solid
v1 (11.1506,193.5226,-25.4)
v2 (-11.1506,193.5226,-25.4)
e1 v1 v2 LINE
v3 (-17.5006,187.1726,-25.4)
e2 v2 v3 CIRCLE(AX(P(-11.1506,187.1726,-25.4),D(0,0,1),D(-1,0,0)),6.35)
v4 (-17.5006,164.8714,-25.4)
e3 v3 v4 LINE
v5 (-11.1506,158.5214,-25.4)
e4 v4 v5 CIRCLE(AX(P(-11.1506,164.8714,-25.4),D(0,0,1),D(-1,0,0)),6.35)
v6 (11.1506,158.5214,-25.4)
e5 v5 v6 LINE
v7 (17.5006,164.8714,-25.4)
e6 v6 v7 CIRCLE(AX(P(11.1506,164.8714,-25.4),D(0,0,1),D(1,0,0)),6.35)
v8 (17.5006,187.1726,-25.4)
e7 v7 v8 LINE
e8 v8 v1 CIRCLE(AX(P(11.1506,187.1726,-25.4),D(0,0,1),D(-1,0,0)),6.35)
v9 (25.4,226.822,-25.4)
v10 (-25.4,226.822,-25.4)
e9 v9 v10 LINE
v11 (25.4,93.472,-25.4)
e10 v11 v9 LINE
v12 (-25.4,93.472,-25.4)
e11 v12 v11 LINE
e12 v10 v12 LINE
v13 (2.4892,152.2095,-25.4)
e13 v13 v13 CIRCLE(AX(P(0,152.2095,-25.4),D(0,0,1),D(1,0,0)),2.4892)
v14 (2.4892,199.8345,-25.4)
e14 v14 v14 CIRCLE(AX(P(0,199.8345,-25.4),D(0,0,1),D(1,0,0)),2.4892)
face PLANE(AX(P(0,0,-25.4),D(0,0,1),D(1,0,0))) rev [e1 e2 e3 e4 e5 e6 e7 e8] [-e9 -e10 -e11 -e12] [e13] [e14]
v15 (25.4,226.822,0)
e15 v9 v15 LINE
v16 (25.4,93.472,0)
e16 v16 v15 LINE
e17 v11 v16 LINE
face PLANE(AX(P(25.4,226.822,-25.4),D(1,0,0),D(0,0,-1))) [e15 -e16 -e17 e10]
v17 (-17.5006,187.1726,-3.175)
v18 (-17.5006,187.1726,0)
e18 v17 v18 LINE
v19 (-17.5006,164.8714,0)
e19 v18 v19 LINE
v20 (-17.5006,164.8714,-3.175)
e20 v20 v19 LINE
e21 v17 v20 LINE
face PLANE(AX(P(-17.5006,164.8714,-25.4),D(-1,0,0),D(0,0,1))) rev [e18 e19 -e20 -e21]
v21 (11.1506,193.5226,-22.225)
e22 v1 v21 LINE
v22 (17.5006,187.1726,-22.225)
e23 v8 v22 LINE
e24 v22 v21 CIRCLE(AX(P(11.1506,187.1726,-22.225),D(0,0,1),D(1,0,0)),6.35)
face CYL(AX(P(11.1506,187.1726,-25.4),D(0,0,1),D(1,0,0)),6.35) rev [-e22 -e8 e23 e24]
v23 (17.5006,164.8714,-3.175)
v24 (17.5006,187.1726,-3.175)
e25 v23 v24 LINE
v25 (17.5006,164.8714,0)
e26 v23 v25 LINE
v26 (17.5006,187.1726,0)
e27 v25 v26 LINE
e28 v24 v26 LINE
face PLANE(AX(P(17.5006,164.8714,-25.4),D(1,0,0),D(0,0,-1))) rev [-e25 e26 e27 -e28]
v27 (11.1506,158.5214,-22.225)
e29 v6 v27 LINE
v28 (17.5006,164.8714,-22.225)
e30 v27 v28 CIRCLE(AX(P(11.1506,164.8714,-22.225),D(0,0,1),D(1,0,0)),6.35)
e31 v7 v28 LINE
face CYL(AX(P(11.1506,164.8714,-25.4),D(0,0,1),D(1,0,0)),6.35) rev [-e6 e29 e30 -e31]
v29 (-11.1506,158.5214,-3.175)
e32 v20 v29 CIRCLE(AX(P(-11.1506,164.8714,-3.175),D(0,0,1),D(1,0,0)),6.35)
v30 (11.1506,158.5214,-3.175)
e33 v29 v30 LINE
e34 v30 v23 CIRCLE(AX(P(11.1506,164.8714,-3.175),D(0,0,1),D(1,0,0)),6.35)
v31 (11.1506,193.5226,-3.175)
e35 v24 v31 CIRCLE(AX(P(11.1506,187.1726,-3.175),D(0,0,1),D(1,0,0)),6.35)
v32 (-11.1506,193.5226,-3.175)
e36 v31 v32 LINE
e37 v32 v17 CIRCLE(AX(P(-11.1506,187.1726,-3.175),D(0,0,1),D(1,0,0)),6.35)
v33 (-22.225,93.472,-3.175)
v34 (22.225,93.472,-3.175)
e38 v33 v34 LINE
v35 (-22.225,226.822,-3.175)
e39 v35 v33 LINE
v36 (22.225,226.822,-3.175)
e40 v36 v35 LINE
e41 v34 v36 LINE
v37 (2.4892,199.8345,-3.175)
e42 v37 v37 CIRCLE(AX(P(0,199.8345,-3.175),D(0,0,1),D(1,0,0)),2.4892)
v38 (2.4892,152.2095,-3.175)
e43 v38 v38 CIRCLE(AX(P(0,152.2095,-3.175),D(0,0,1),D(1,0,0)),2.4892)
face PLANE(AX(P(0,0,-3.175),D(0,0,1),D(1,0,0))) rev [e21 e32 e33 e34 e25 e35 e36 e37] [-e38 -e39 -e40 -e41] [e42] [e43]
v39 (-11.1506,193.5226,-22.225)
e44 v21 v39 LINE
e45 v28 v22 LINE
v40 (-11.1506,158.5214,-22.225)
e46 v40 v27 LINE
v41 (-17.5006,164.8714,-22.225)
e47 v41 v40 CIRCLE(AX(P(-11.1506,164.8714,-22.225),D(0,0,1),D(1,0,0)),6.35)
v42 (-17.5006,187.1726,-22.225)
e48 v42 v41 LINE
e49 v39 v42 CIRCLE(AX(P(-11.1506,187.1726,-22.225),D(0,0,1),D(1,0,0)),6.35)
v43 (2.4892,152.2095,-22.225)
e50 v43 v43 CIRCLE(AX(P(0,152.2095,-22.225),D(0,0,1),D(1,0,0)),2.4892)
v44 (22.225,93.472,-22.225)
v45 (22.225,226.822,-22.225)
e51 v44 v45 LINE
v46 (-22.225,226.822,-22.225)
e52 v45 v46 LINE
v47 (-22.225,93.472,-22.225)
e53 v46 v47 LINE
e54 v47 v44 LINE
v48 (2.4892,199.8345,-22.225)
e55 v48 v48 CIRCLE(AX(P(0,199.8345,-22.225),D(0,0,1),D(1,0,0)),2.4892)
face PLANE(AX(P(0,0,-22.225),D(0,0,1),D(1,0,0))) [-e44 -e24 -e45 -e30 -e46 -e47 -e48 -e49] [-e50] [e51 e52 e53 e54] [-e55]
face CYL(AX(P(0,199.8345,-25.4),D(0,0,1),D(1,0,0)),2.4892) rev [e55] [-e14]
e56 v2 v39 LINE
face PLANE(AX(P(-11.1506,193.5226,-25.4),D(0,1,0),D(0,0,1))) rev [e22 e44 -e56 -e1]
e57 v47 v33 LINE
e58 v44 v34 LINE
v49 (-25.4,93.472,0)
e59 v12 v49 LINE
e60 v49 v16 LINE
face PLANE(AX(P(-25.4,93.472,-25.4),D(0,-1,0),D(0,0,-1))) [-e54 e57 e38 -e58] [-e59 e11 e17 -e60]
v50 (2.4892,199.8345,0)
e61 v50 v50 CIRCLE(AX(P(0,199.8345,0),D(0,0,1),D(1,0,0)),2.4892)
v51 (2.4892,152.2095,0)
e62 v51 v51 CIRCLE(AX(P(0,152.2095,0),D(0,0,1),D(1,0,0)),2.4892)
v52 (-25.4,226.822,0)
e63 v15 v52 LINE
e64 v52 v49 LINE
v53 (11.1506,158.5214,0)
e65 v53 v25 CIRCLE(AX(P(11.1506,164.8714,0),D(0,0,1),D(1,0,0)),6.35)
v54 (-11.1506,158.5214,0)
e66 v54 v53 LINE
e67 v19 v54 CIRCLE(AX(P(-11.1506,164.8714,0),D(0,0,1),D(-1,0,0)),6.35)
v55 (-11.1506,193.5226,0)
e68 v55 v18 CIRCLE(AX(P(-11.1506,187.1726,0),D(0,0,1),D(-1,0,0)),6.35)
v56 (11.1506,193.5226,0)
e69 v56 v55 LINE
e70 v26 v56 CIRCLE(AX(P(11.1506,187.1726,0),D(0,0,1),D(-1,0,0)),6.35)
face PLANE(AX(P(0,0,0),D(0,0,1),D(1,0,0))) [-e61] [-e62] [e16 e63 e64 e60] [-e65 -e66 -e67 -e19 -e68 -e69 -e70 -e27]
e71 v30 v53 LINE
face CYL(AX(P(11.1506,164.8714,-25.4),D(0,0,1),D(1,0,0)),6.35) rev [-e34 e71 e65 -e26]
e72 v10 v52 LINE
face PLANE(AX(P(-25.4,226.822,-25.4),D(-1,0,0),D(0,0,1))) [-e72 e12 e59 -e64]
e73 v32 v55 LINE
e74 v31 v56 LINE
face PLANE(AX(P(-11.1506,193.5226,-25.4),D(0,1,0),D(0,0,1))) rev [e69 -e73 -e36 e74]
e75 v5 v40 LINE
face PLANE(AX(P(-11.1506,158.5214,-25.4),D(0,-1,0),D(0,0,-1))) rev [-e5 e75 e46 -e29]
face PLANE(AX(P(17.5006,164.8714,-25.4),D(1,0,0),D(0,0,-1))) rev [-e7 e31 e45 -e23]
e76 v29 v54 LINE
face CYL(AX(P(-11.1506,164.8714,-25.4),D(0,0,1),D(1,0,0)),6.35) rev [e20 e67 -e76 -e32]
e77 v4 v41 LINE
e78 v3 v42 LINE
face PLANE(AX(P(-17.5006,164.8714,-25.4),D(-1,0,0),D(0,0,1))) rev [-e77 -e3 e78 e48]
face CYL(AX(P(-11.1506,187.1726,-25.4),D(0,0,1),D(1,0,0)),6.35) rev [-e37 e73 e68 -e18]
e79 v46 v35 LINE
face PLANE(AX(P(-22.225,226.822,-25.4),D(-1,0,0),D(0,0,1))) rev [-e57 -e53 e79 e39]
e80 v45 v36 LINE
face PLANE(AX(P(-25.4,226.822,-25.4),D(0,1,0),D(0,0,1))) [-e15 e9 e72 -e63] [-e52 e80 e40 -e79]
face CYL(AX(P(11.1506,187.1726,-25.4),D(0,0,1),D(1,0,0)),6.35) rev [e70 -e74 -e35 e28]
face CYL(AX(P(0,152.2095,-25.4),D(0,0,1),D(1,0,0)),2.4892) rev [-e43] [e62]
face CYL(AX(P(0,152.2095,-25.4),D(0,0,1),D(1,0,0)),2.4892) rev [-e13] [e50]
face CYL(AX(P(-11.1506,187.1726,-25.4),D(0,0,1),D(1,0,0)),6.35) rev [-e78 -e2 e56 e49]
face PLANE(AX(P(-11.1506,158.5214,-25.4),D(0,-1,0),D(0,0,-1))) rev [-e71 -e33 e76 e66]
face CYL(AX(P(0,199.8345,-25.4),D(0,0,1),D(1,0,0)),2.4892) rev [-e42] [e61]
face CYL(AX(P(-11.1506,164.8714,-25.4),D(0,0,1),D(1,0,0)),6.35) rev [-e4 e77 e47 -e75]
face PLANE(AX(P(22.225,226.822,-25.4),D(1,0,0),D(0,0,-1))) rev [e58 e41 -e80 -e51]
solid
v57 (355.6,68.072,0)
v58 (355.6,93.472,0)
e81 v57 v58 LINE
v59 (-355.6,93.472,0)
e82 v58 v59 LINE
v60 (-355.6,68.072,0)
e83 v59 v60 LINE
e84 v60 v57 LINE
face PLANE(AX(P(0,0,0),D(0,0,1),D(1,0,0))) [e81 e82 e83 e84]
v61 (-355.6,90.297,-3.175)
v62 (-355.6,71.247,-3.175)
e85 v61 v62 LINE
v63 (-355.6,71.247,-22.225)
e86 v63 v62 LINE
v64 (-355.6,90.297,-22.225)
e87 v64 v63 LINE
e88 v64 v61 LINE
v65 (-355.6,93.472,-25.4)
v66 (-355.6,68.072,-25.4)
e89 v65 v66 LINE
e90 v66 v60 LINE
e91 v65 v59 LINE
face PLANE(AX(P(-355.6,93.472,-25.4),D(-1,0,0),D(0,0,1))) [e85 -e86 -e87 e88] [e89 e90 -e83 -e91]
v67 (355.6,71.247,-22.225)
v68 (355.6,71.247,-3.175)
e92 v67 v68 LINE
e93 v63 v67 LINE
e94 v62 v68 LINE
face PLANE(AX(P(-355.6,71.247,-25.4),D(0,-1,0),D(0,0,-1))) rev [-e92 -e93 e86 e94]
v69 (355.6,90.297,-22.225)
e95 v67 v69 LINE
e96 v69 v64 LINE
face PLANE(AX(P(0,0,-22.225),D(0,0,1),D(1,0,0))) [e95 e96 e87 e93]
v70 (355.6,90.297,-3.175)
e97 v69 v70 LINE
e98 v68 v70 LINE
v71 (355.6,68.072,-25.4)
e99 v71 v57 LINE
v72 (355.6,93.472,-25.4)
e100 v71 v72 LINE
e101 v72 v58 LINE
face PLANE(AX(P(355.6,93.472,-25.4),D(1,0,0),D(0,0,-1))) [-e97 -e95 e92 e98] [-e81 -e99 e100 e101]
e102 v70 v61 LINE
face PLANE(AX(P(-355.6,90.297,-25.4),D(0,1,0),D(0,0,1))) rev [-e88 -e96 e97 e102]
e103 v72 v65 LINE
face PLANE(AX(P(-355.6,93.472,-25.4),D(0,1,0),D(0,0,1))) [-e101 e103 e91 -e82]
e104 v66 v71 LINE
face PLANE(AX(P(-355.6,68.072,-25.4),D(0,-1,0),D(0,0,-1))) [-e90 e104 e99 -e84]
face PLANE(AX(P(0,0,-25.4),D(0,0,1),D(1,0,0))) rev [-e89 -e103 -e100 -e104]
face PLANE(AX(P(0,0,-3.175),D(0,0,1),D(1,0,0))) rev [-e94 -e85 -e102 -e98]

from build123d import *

# Parameters (mm, degrees)
CROQUIS5_W              = 711.2
CROQUIS5_H              = 25.4
SALIENTE_EXTRUIR1_DEPTH = 25.4
CROQUIS6_W              = 50.8
CROQUIS6_H              = 133.35
SALIENTE_EXTRUIR2_DEPTH = 25.4
VACIADO1_T              = -3.175
VACIADO2_T              = -3.175
CROQUIS7_R              = 2.4892
CORTAR_EXTRUIR1_DEPTH   = 423.545547467


with BuildPart() as part:
    # Croquis5 → Saliente-Extruir1 (new body)
    with BuildSketch(Plane.XY):
        with Locations((0, 80.772)):
            Rectangle(CROQUIS5_W, CROQUIS5_H)
    extrude(amount=-SALIENTE_EXTRUIR1_DEPTH)

    # Vaciado2
    vaciado2_openings = [part.faces().sort_by_distance(p)[0] for p in [
        (355.6, 80.772, -12.7),
        (-355.6, 80.772, -12.7),
    ]]
    offset(amount=VACIADO2_T, openings=vaciado2_openings, kind=Kind.INTERSECTION)


with BuildPart() as body_2:
    # Croquis6 → Saliente-Extruir2 (new body)
    with BuildSketch(Plane.XY):
        with Locations((0, 160.147)):
            Rectangle(CROQUIS6_W, CROQUIS6_H)
    extrude(amount=-SALIENTE_EXTRUIR2_DEPTH)

    # Vaciado1
    vaciado1_openings = [body_2.faces().sort_by_distance(p)[0] for p in [
        (0, 226.822, -12.7),
        (0, 93.472, -12.7),
    ]]
    offset(amount=VACIADO1_T, openings=vaciado1_openings, kind=Kind.INTERSECTION)

    # Croquis7 → Cortar-Extruir1 (cut, through all)
    with BuildSketch(Plane.XY):
        with Locations((0, 199.8345)):
            Circle(CROQUIS7_R)
        with Locations((0, 152.2095)):
            Circle(CROQUIS7_R)
        with BuildLine():
            Line((-11.1506, 158.5214), (11.1506, 158.5214))
            ThreePointArc((11.1506, 158.5214), (15.640728061, 160.381271939), (17.5006, 164.8714))
            Line((17.5006, 164.8714), (17.5006, 187.1726))
            ThreePointArc((17.5006, 187.1726), (15.640728061, 191.662728061), (11.1506, 193.5226))
            Line((11.1506, 193.5226), (-11.1506, 193.5226))
            ThreePointArc((-11.1506, 193.5226), (-15.640728061, 191.662728061), (-17.5006, 187.1726))
            Line((-17.5006, 187.1726), (-17.5006, 164.8714))
            ThreePointArc((-17.5006, 164.8714), (-15.640728061, 160.381271939), (-11.1506, 158.5214))
        make_face()
    extrude(amount=-CORTAR_EXTRUIR1_DEPTH, mode=Mode.SUBTRACT)


solid = Compound([part.part, body_2.part])
